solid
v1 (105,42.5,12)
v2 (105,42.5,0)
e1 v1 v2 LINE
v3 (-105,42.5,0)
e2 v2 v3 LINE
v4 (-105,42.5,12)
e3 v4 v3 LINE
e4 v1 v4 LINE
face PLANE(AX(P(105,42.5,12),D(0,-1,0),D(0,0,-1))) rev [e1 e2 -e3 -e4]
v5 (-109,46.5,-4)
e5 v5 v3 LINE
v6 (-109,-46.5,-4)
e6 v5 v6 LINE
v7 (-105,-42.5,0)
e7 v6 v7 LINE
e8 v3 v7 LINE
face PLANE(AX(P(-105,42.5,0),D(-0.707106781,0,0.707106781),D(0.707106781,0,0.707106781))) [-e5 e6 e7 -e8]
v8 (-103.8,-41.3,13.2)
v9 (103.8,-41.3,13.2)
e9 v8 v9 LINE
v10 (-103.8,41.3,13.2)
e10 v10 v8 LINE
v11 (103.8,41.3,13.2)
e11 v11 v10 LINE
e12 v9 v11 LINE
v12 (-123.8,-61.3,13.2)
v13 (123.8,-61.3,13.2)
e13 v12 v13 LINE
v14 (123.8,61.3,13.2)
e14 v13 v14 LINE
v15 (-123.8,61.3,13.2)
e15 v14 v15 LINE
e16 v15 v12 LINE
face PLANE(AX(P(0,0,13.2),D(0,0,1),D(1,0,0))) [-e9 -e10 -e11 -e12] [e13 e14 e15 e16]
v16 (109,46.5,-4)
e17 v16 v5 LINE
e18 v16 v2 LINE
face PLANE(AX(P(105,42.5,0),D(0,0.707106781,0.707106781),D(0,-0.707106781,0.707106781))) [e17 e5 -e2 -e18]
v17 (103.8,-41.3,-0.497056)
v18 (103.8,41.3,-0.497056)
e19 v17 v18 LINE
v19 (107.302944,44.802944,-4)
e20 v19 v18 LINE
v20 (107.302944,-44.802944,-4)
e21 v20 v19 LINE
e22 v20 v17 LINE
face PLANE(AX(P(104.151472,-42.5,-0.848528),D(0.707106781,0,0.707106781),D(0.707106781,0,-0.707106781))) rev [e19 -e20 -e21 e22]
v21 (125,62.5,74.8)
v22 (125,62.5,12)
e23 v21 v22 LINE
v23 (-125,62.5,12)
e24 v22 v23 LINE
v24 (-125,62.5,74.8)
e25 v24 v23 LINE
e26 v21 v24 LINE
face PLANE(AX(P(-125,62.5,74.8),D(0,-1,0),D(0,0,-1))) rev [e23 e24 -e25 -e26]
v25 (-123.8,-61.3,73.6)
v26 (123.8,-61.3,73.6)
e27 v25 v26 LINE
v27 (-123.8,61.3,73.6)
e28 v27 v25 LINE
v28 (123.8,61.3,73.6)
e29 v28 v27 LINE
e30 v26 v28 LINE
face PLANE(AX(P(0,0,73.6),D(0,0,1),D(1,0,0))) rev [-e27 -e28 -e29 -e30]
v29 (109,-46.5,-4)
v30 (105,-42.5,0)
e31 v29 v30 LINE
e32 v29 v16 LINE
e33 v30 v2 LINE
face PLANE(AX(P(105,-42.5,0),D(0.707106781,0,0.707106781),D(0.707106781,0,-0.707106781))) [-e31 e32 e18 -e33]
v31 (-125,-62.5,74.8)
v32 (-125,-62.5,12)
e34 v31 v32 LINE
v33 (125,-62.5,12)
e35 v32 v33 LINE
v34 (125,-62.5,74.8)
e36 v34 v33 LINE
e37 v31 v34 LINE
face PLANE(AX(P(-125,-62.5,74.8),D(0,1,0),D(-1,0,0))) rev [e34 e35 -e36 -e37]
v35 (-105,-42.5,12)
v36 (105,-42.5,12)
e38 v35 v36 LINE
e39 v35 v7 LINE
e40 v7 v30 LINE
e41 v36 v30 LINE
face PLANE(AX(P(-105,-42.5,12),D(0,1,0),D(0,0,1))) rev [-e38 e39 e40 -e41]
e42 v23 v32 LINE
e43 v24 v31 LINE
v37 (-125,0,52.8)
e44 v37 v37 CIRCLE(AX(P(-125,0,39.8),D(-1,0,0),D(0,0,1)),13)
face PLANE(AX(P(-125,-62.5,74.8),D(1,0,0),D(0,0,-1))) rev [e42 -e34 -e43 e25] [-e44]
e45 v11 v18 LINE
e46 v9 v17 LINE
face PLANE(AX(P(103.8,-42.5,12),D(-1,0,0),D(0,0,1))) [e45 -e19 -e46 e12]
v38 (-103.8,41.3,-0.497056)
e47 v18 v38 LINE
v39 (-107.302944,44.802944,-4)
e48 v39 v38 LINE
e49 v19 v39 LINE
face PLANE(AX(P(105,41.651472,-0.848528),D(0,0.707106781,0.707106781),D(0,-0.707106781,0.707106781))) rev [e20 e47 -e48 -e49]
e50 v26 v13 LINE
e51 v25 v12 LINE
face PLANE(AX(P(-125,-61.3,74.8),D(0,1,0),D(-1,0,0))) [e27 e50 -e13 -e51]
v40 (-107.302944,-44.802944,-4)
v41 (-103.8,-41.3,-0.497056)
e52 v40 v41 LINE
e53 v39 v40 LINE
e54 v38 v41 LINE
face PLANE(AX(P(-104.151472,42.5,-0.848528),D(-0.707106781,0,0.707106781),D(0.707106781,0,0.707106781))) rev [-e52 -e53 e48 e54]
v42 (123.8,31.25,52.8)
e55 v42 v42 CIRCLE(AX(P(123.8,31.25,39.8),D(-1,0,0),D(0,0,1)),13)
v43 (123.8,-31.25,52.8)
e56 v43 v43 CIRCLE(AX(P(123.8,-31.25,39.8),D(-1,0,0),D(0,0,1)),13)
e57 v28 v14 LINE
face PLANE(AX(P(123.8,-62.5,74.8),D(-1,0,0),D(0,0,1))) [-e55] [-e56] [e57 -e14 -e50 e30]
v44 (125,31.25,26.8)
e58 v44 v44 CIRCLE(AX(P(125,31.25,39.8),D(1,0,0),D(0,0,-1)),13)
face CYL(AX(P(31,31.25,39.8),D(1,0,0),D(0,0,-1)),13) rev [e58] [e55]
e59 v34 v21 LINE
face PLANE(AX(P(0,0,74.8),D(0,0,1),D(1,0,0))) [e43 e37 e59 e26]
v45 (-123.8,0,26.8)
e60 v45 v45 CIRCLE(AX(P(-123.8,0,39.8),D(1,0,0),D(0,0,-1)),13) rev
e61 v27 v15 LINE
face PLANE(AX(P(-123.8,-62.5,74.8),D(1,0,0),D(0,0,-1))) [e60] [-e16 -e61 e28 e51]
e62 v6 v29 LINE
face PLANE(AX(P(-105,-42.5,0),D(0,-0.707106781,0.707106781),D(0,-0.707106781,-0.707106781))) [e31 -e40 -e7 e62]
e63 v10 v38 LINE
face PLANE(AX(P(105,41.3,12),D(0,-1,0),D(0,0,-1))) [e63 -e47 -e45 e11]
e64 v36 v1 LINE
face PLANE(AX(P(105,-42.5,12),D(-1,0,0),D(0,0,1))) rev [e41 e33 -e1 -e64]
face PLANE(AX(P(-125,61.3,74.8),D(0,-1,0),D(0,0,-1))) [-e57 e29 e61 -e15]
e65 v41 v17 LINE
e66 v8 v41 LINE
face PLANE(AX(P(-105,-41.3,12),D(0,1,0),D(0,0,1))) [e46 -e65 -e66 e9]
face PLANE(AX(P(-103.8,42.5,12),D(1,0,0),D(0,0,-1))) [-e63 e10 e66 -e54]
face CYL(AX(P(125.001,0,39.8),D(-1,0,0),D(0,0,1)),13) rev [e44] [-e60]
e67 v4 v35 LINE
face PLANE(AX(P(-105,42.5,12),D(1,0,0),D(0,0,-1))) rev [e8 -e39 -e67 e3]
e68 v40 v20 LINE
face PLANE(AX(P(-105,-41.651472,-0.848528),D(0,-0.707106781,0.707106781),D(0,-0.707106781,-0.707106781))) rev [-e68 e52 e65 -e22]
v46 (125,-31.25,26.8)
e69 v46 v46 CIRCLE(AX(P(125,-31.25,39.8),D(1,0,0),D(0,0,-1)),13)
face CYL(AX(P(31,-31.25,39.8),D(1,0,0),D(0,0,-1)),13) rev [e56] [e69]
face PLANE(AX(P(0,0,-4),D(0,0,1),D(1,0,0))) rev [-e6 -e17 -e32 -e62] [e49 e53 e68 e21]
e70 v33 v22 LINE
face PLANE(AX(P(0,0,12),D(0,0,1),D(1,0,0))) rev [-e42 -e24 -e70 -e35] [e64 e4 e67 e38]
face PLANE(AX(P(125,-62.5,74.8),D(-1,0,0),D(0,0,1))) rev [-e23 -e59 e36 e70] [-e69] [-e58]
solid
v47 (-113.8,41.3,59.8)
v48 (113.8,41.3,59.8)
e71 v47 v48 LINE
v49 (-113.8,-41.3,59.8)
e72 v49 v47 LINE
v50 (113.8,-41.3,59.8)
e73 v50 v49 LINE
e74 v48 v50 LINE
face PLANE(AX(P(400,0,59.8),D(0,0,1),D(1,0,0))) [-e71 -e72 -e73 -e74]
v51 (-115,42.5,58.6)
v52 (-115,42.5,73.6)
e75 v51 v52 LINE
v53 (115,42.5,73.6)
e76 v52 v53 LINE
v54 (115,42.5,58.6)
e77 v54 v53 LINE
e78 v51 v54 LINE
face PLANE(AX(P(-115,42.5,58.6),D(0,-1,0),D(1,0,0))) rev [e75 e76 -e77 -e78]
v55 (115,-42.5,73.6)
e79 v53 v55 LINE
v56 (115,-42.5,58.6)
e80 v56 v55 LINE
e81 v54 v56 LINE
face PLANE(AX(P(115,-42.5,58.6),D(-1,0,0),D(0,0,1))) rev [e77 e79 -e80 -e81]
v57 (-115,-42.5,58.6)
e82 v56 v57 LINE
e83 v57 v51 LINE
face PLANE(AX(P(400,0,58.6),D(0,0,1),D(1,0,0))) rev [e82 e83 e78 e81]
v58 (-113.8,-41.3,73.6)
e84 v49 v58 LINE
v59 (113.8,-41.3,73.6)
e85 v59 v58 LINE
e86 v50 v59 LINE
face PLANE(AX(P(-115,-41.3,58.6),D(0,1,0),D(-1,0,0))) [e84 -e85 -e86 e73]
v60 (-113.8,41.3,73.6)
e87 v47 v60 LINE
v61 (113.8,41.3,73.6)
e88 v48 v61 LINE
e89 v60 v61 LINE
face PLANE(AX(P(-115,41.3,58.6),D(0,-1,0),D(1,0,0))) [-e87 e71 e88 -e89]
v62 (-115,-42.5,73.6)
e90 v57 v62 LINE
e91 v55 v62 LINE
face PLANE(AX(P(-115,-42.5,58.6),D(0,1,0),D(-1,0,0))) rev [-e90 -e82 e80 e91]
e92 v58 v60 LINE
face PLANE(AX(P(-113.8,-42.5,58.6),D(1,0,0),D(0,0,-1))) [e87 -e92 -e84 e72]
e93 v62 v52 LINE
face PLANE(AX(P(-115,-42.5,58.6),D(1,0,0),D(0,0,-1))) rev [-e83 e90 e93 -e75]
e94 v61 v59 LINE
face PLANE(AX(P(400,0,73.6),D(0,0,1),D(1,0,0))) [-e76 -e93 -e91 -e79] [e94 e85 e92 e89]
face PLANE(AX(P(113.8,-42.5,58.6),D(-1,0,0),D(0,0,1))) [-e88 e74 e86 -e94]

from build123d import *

# Parameters (mm, degrees)
SKETCH_1_W          = 250
SKETCH_1_H          = 125
EXTRUDE_1_DEPTH     = 74.8
SKETCH_2_W          = 250
SKETCH_2_H          = 125
SKETCH_2_W_2        = 210
SKETCH_2_H_2        = 85
CUT_EXTRUDE_1_DEPTH = 12
SKETCH_3_W          = 210
SKETCH_3_H          = 85
EXTRUDE_2_DEPTH     = 4
EXTRUDE_2_DRAFT     = 45
SHELL_1_T           = -1.2
CUT_EXTRUDE_3_REACH = 270.331
SKETCH_12_R         = 13
SKETCH_13_R         = 13
CUT_EXTRUDE_4_DEPTH = 94
SKETCH_14_W         = 230
SKETCH_14_H         = 85
EXTRUDE_3_DEPTH     = 15
SHELL_2_T           = -1.2


with BuildPart() as part:
    # 草图1 → 凸台-拉伸1 (new body)
    with BuildSketch(Plane.XY):
        Rectangle(SKETCH_1_W, SKETCH_1_H)
    extrude(amount=EXTRUDE_1_DEPTH)

    # 草图2 → 切除-拉伸1 (cut)
    with BuildSketch(Plane.XY):
        Rectangle(SKETCH_2_W, SKETCH_2_H)
        Rectangle(SKETCH_2_W_2, SKETCH_2_H_2, mode=Mode.SUBTRACT)
    extrude(amount=CUT_EXTRUDE_1_DEPTH, mode=Mode.SUBTRACT)


with BuildPart() as extrude_2_tool:
    # 草图3 → 凸台-拉伸2 (with draft: the straight prism first)
    with BuildSketch(Plane.XY):
        Rectangle(SKETCH_3_W, SKETCH_3_H)
    extrude(amount=-EXTRUDE_2_DEPTH)
    # 凸台-拉伸2: the draft: its side faces are tilted about the plane it starts from
    extrude_2_sides = [extrude_2_tool.faces().sort_by_distance(p)[0] for p in [
        (0, 42.5, -2),
        (-105, 0, -2),
        (0, -42.5, -2),
        (105, 0, -2),
    ]]
    draft(extrude_2_sides, Plane.XY, EXTRUDE_2_DRAFT)


with BuildPart() as part_1:
    add(part.part)

    # 凸台-拉伸2: add extrude_2_tool
    add(extrude_2_tool.part)

    # 抽壳1
    shell_1_openings = [part_1.faces().sort_by_distance(p)[0] for p in [
        (0, 0, -4),
    ]]
    offset(amount=SHELL_1_T, openings=shell_1_openings, kind=Kind.INTERSECTION)

    # 草图12 → 切除-拉伸3 (cut, up to next)
    with BuildSketch(Plane.ZY.offset(125), mode=Mode.PRIVATE) as cut_extrude_3_sk1:
        with Locations((39.8, 0)):
            Circle(SKETCH_12_R)
    cut_extrude_3_tool1 = extrude(cut_extrude_3_sk1.sketch, amount=-CUT_EXTRUDE_3_REACH, mode=Mode.PRIVATE) & part_1.part
    add(cut_extrude_3_tool1.solids().sort_by_distance((-125, 0, 39.8))[0], mode=Mode.SUBTRACT)

    # 草图13 → 切除-拉伸4 (cut)
    with BuildSketch(Plane(origin=(125, 0, 0), x_dir=(0, 0, -1), z_dir=(1, 0, 0))):
        with Locations((-39.8, 31.25)):
            Circle(SKETCH_13_R)
        with Locations((-39.8, -31.25)):
            Circle(SKETCH_13_R)
    extrude(amount=-CUT_EXTRUDE_4_DEPTH, mode=Mode.SUBTRACT)


with BuildPart() as body_2:
    # 草图14 → 凸台-拉伸3 (new body)
    with BuildSketch(Plane(origin=(0, 0, 73.6), x_dir=(-1, 0, 0), z_dir=(0, 0, -1))):
        with Locations((400, 0)):
            Rectangle(SKETCH_14_W, SKETCH_14_H)
    extrude(amount=EXTRUDE_3_DEPTH)

    # 抽壳2
    shell_2_openings = [body_2.faces().sort_by_distance(p)[0] for p in [
        (-400, 0, 73.6),
    ]]
    offset(amount=SHELL_2_T, openings=shell_2_openings, kind=Kind.INTERSECTION)


with BuildPart() as body_2_1:
    # Move Body 1: moved
    add(body_2.part.moved(Location((400, 0, 0))))


solid = Compound([part_1.part, body_2_1.part])
